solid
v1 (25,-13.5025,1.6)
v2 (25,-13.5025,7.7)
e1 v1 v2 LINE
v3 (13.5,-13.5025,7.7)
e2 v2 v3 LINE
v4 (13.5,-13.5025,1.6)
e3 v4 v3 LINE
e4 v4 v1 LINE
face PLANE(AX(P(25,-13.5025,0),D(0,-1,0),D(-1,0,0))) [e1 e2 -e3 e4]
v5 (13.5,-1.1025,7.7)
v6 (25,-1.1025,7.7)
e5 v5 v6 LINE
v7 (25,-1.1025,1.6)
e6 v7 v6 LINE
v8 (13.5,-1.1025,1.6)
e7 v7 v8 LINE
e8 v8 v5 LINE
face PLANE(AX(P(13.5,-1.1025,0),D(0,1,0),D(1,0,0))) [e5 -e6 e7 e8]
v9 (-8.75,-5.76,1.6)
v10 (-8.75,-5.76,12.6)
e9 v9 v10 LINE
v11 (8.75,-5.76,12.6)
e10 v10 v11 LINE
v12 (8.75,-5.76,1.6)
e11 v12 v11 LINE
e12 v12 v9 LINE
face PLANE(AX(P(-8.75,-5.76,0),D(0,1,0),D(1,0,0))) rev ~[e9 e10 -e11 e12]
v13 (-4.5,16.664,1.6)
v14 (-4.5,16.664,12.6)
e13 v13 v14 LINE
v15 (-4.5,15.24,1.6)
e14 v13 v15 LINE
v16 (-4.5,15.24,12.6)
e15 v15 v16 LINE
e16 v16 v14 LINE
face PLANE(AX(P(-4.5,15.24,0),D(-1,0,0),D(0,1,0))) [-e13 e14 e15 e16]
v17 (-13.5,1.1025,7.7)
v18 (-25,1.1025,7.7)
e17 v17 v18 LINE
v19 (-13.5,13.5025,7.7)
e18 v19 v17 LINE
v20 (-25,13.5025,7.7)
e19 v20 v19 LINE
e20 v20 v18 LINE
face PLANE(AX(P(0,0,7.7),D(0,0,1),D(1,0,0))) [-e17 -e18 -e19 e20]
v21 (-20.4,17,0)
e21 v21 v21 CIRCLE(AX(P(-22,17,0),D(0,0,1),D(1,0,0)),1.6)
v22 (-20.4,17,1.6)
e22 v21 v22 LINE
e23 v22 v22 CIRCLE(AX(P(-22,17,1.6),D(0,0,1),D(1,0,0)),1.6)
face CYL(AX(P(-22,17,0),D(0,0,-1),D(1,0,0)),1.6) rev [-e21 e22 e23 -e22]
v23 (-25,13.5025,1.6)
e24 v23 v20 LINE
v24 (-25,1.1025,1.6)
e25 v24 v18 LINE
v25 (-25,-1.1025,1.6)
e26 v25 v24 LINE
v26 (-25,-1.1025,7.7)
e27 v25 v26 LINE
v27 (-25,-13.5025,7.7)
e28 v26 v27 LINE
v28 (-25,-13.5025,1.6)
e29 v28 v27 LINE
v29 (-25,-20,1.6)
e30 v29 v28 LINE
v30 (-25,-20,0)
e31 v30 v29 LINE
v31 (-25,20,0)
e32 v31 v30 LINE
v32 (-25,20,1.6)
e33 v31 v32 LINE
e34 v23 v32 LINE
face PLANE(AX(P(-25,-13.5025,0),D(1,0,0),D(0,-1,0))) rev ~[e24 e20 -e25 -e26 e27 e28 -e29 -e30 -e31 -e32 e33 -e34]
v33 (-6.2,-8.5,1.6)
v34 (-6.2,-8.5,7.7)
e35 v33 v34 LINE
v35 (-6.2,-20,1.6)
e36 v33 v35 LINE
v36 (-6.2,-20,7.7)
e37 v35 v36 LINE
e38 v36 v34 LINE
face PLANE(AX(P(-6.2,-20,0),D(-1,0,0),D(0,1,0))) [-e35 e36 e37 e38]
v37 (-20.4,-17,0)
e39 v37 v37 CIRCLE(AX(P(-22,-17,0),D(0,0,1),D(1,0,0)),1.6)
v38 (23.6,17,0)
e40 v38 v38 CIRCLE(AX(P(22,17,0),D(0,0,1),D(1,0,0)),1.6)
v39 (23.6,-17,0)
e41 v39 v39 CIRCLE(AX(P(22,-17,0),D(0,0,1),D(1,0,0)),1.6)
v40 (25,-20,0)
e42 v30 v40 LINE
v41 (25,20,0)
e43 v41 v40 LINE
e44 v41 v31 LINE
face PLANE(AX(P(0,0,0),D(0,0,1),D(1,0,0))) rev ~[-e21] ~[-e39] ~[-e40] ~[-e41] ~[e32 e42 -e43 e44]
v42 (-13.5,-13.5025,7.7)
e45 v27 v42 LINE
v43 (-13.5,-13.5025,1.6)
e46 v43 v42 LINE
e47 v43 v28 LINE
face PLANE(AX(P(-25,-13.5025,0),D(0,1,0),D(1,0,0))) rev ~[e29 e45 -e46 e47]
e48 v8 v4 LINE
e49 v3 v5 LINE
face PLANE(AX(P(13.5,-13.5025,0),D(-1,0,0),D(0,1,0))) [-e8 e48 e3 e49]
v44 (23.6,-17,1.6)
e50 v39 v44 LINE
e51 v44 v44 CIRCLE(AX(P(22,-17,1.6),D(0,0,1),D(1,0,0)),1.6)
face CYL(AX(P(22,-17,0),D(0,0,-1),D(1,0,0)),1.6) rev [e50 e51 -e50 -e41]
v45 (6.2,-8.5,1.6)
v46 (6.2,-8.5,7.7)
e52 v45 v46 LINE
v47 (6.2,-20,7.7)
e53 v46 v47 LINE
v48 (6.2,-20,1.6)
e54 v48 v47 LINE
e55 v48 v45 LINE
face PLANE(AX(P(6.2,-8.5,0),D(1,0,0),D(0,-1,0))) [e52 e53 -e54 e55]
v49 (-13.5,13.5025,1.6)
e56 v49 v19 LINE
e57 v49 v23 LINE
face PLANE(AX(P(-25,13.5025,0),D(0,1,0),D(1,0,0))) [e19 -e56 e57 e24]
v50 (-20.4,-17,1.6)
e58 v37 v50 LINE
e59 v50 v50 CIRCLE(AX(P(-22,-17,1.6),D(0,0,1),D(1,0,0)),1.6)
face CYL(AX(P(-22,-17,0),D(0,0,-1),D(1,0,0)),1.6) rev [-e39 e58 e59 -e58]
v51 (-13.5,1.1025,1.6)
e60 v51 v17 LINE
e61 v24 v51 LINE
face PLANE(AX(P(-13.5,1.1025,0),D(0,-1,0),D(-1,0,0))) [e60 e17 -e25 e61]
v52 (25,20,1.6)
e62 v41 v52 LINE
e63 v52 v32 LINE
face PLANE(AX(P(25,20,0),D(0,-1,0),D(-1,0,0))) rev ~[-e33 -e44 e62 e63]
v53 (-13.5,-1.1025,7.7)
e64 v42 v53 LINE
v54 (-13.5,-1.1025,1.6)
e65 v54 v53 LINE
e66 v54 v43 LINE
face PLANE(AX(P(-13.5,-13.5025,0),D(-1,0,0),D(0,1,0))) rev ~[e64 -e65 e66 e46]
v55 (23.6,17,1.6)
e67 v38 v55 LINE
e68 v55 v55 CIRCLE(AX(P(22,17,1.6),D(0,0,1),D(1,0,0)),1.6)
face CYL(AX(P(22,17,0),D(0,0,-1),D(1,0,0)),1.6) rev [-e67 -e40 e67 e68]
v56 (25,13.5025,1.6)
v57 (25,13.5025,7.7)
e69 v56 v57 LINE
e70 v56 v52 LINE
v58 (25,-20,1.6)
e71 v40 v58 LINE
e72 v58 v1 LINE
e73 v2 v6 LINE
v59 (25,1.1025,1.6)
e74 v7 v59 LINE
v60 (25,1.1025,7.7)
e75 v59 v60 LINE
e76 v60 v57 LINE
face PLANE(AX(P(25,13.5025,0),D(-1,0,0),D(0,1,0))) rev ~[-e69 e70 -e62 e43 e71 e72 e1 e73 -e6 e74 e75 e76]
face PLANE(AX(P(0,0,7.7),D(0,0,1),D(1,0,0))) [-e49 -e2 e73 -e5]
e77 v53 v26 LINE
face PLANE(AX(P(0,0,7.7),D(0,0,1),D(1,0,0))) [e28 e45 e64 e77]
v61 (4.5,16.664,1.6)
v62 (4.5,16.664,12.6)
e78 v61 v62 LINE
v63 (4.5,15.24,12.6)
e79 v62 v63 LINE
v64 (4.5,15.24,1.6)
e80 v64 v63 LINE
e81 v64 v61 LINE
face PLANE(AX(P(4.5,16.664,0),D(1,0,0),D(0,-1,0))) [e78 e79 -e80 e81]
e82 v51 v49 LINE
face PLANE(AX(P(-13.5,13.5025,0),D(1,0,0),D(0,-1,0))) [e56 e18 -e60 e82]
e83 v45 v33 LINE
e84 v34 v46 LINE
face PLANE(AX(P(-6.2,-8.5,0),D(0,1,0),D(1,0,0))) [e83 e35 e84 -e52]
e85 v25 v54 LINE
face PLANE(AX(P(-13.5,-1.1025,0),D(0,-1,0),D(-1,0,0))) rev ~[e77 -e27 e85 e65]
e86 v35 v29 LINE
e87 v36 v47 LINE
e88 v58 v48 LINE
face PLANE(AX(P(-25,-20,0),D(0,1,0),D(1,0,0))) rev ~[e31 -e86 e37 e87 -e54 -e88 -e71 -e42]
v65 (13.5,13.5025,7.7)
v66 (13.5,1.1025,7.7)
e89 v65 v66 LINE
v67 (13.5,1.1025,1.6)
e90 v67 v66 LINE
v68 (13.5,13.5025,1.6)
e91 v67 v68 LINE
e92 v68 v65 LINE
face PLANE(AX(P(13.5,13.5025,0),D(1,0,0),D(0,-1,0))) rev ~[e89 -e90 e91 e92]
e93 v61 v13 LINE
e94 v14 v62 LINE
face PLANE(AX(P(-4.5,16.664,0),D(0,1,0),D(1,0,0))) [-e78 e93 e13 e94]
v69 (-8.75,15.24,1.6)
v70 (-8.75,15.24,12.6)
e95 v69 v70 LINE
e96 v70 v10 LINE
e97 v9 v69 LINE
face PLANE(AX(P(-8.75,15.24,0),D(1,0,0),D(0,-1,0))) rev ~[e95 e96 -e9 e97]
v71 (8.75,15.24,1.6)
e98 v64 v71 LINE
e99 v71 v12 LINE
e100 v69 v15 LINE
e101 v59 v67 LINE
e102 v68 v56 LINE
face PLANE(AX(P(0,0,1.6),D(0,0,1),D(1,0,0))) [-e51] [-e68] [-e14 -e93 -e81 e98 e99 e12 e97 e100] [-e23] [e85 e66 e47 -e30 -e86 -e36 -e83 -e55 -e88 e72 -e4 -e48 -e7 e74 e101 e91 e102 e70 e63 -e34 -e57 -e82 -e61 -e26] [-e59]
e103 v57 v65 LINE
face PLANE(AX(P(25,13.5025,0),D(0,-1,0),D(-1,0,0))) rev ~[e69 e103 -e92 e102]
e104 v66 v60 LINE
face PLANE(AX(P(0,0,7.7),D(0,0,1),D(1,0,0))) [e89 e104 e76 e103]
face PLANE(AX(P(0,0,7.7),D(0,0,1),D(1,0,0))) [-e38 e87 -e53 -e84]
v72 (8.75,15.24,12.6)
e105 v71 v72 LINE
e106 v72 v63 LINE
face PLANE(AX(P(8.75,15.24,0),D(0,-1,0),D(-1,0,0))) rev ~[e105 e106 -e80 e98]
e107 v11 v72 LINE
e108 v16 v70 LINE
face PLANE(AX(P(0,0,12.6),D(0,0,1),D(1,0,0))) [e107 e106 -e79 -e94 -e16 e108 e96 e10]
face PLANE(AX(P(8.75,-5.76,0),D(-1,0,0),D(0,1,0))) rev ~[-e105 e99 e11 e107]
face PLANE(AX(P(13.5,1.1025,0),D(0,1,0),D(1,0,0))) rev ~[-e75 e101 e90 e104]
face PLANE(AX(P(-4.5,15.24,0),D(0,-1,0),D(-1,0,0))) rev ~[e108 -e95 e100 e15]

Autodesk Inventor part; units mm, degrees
ref_plane "YZ Plane" through (0, 0, 0) normal (1, 0, 0) x (0, 1, 0)
ref_plane "XZ Plane" through (0, 0, 0) normal (0, 1, 0) x (-1, 0, 0)
ref_plane "XY Plane" through (0, 0, 0) normal (0, 0, 1) x (1, 0, 0)
sketch "スケッチ1" plane through (0, 0, 0) normal (0, 0, 1) x (1, 0, 0)
  line L0 (-25, -20) -> (25, -20)
  line L1 (25, -20) -> (25, 20)
  line L2 (25, 20) -> (-25, 20)
  line L3 (-25, 20) -> (-25, -20)
  line L4 (-25, -20) -> (25, 20) construction
  line L5 (25, -20) -> (-25, 20) construction
  line L6 (-22, -17) -> (22, -17) construction
  line L7 (22, -17) -> (22, 17) construction
  line L8 (22, 17) -> (-22, 17) construction
  line L9 (-22, 17) -> (-22, -17) construction
  line L10 (-22, -17) -> (22, 17) construction
  line L11 (22, -17) -> (-22, 17) construction
  circle A0 centre (-22, -17) radius 1.6
  circle A1 centre (-22, 17) radius 1.6
  circle A2 centre (22, -17) radius 1.6
  circle A3 centre (22, 17) radius 1.6
  line L12 (-25, -13.5025) -> (-13.5, -13.5025)
  line L13 (-13.5, -13.5025) -> (-13.5, -1.1025)
  line L14 (-13.5, -1.1025) -> (-25, -1.1025)
  line L15 (-6.2, -20) -> (-6.2, -8.5)
  line L16 (-6.2, -8.5) -> (6.2, -8.5)
  line L17 (6.2, -8.5) -> (6.2, -20)
  line L18 (-25, 0) -> (25, 0) construction
  line L19 (0, -20) -> (0, 20) construction
  line L20 (-25, 13.5025) -> (-13.5, 13.5025)
  line L21 (-13.5, 13.5025) -> (-13.5, 1.1025)
  line L22 (-13.5, 1.1025) -> (-25, 1.1025)
  line L23 (25, -13.5025) -> (13.5, -13.5025)
  line L24 (13.5, -13.5025) -> (13.5, -1.1025)
  line L25 (13.5, -1.1025) -> (25, -1.1025)
  line L26 (13.5, 1.1025) -> (25, 1.1025)
  line L27 (13.5, 13.5025) -> (13.5, 1.1025)
  line L28 (25, 13.5025) -> (13.5, 13.5025)
  line L29 (-8.75, -5.76) -> (8.75, -5.76)
  line L30 (8.75, -5.76) -> (8.75, 15.24)
  line L31 (8.75, 15.24) -> (-8.75, 15.24)
  line L32 (-8.75, 15.24) -> (-8.75, -5.76)
  line L33 (-8.75, -5.76) -> (8.75, 15.24) construction
  line L34 (8.75, -5.76) -> (-8.75, 15.24) construction
  line L35 (-4.5, 15.24) -> (-4.5, 16.664)
  line L36 (-4.5, 16.664) -> (4.5, 16.664)
  line L37 (4.5, 16.664) -> (4.5, 15.24)
  point P0 (0, 0)
  point P1 (-13.5, -7.3025)
  point P2 (0, -8.5)
  point P3 (0, 4.74)
  point P4 (0, 16.664)
  point P5 (0, 4.74)
  dimension "d0" = 50
  dimension "d1" = 40
  dimension "d2" = 44
  dimension "d3" = 34
  dimension "d4" = 3.2
  dimension "d5" = 3.2
  dimension "d6" = 3.2
  dimension "d7" = 3.2
  dimension "d8" = 11.5
  dimension "d9" = 12.4
  dimension "d10" = 7.3025
  dimension "d11" = 11.5
  dimension "d12" = 12.4
  dimension "d17" = 17.5
  dimension "d18" = 21
  dimension "d19" = 9
  dimension "d20" = 1.424
  dimension "d21" = 15.26
extrude "押し出し1" add sketch "スケッチ1" along normal blind 1.6 contours L3 L12 L13 L14 L22 L21 L20 L2 L1 L28 L27 L26 L25 L24 L23 L0 L17 L16 L15 | L15 L16 L17 L0 | L3 L14 L13 L12 | L3 L20 L21 L22 | L23 L24 L25 L1 | L26 L27 L28 L1 | L32 L31 L30 L29 | L35 L36 L37 L31
extrude "押し出し2" add sketch "スケッチ1" along normal blind 7.7 contours L15 L16 L17 L0 | L3 L14 L13 L12 | L3 L20 L21 L22 | L23 L24 L25 L1 | L26 L27 L28 L1
extrude "押し出し3" add sketch "スケッチ1" along normal blind 12.6 contours L32 L31 L30 L29 | L35 L36 L37 L31
equation "\"d5\" = d4"
equation "\"d6\" = d4"
equation "\"d7\" = d4"
equation "\"d11\" = d8"
equation "\"d12\" = d9"
properties part number "Quad-Load-Cell-Amplifier-to-RS-485-Conv-Module"
